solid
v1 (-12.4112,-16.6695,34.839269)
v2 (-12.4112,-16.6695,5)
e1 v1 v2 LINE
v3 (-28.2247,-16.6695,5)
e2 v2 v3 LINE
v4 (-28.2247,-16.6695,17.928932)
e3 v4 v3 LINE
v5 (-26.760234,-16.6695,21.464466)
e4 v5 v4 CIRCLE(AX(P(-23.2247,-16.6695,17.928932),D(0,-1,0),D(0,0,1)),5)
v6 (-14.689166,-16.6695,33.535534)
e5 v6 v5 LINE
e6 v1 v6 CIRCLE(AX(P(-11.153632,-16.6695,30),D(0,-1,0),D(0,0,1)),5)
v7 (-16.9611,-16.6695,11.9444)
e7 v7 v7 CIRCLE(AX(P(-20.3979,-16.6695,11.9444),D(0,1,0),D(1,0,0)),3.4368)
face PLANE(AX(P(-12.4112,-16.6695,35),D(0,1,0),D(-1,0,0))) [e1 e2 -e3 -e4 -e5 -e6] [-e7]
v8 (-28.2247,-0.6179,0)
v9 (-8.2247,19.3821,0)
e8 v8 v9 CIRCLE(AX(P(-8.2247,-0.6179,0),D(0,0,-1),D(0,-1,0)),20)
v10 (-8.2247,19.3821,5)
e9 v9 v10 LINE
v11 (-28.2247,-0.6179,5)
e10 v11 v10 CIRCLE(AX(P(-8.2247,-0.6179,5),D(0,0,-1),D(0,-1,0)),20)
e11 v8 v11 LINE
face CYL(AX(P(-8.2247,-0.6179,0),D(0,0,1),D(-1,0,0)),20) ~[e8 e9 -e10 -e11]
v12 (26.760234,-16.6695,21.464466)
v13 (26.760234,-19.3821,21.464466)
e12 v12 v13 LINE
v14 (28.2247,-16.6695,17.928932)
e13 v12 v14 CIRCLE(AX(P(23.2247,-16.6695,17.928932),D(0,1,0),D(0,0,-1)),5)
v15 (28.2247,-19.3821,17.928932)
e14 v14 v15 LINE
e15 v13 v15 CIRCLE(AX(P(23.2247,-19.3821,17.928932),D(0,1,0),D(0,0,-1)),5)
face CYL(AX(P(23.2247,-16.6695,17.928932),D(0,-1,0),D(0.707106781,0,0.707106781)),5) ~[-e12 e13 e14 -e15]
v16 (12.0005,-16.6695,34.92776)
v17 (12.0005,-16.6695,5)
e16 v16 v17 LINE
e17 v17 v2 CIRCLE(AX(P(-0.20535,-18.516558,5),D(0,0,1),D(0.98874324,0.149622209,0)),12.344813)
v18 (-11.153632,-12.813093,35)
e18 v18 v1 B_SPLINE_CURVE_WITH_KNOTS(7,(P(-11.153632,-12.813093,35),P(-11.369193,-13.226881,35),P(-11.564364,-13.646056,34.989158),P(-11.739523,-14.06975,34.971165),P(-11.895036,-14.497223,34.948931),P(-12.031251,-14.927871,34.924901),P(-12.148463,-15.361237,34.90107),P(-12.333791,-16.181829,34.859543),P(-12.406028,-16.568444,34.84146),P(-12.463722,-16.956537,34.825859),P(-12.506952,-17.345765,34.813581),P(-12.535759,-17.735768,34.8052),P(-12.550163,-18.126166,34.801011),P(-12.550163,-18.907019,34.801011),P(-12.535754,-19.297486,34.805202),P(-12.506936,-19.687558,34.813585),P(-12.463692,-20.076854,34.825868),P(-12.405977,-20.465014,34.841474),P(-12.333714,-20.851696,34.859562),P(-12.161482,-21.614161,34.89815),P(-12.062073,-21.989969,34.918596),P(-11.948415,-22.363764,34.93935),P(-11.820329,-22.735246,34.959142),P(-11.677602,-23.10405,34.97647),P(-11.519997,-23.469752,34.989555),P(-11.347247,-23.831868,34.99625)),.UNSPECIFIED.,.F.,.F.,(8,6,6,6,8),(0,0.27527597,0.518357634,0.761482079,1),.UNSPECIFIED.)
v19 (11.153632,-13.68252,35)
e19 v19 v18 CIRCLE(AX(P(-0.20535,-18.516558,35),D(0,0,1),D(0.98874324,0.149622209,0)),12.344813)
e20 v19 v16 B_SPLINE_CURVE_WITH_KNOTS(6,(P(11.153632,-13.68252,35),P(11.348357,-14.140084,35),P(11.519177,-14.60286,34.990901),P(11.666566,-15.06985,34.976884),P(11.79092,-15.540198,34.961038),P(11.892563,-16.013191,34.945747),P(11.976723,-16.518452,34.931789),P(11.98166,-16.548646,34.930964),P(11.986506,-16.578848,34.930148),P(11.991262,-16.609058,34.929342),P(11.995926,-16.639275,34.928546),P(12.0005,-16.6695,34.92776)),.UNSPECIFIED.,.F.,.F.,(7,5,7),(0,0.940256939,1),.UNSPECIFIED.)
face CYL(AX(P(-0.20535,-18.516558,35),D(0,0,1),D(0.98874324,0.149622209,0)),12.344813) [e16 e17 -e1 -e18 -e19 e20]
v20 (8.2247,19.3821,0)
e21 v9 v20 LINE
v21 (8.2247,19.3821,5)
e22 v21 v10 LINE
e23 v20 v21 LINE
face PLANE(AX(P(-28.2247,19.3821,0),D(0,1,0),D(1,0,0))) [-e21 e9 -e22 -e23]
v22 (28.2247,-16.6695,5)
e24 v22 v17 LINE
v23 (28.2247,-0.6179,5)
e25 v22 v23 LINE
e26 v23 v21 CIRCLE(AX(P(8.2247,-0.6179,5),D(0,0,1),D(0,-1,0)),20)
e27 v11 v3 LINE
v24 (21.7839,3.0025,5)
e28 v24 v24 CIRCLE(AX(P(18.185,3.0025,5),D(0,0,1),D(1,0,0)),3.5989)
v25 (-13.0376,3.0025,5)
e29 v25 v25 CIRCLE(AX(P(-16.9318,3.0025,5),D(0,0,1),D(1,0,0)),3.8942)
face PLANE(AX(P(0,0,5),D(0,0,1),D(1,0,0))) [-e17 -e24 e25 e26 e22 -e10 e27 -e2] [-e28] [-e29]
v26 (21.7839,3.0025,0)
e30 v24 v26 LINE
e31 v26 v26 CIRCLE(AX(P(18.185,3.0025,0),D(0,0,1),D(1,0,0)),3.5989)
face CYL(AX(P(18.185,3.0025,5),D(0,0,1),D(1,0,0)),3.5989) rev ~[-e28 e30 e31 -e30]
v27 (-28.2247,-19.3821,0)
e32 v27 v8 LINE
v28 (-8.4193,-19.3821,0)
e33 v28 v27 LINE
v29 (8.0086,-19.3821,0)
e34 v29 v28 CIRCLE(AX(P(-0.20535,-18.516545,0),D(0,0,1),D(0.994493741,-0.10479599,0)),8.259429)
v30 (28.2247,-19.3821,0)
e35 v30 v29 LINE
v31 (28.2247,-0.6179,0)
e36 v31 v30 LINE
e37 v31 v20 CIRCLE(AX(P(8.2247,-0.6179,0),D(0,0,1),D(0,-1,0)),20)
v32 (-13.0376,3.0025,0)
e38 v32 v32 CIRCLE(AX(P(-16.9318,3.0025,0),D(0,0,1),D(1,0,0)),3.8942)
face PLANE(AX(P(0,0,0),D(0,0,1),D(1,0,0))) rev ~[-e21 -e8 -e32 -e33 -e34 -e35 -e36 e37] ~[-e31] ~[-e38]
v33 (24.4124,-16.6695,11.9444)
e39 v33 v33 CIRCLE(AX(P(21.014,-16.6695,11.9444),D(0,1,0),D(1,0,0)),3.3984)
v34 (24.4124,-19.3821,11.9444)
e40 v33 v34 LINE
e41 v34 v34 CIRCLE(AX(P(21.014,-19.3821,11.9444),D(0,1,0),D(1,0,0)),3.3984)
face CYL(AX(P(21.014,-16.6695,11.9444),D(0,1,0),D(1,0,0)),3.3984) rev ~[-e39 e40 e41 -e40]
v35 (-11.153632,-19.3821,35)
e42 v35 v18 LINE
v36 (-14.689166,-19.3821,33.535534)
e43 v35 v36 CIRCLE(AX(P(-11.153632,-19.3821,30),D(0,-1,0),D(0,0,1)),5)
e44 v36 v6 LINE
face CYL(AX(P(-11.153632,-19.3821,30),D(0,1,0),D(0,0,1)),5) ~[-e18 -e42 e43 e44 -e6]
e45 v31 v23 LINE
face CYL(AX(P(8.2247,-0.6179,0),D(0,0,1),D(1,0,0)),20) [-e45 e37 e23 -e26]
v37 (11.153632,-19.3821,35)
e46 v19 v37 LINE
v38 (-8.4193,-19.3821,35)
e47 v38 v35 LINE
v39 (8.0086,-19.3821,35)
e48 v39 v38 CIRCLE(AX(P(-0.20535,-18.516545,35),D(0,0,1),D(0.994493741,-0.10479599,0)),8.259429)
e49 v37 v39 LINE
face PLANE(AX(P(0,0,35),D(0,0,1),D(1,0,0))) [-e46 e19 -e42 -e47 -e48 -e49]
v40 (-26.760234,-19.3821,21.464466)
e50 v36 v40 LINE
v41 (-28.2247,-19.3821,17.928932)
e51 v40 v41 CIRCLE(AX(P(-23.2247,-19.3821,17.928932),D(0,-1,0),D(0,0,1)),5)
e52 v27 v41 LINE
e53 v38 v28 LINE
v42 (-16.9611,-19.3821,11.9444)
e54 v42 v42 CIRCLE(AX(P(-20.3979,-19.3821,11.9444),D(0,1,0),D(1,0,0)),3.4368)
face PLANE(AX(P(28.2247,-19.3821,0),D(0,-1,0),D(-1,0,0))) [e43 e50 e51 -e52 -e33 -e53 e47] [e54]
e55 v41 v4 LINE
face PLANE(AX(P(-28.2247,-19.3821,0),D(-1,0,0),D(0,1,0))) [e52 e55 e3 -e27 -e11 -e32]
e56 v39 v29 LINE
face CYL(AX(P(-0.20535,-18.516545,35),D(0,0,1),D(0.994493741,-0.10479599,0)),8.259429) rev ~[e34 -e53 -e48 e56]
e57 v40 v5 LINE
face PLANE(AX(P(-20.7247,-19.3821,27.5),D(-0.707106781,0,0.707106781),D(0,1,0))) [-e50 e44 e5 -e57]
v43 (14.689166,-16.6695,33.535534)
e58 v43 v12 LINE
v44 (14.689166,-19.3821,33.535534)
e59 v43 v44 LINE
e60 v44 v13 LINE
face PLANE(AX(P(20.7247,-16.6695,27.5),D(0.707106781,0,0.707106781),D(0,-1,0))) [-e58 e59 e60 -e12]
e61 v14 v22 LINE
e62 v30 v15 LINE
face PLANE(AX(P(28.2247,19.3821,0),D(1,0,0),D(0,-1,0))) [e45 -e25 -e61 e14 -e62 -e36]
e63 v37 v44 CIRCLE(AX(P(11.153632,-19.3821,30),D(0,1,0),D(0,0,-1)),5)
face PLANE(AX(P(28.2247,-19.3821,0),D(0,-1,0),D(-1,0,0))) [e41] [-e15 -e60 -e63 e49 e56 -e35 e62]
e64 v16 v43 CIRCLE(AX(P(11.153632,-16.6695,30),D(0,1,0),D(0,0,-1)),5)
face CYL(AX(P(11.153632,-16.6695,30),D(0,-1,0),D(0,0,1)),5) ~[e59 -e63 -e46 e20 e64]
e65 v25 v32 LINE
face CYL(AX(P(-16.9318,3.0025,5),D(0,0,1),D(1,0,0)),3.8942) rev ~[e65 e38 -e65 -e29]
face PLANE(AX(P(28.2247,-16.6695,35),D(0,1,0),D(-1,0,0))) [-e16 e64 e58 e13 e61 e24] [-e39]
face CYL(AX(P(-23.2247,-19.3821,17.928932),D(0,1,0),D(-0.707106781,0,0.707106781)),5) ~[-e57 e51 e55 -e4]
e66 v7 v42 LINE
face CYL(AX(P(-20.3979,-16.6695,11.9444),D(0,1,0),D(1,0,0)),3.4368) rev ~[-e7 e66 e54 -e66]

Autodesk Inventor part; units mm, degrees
ref_plane "YZ Plane" through (0, 0, 0) normal (1, 0, 0) x (0, 1, 0)
ref_plane "XZ Plane" through (0, 0, 0) normal (0, 1, 0) x (-1, 0, 0)
ref_plane "XY Plane" through (0, 0, 0) normal (0, 0, 1) x (1, 0, 0)
sketch "스케치1" plane through (0, 0, 0) normal (0, 0, 1) x (1, 0, 0)
  line L0 (28.2247, -19.3821) -> (-28.2247, -19.3821)
  line L1 (-28.2247, -19.3821) -> (-28.2247, 19.3821)
  line L2 (-28.2247, 19.3821) -> (28.2247, 19.3821)
  line L3 (28.2247, 19.3821) -> (28.2247, -19.3821)
  line L4 (28.2247, -19.3821) -> (-28.2247, 19.3821) construction
  line L5 (-28.2247, -19.3821) -> (28.2247, 19.3821) construction
  point P0 (0, 0)
extrude "돌출1" add sketch "스케치1" along normal blind 35
sketch "스케치2" plane through (0, 0, 35) normal (0, 0, 1) x (1, 0, 0)
  line L0 (-28.2247, -19.3821) -> (28.2247, -19.3821) projected
  arc A0 (8.0086, -19.3821) -> (-8.4193, -19.3821) centre (-0.2053, -18.5165) ccw
  arc A1 (12.0005, -16.6695) -> (-12.4112, -16.6695) centre (-0.2053, -18.5165) ccw
  line L1 (28.2247, -19.3821) -> (28.2247, 19.3821) projected
  line L2 (28.2247, -16.6695) -> (12.0005, -16.6695)
  line L3 (-12.4112, -16.6695) -> (-28.2247, -16.6695)
  line L4 (28.2247, -16.6695) -> (28.2247, 19.3821)
  line L5 (28.2247, 19.3821) -> (-28.2247, 19.3821) projected
  line L6 (-28.2247, 19.3821) -> (-28.2247, -16.6695)
  point P0 (0, 0)
extrude "돌출2" cut sketch "스케치2" against normal blind 30 contours L2 A1 L3 L6 L5 L1
extrude "돌출3" cut sketch "스케치2" against normal blind 35 contours A0 L0
sketch "스케치3" plane through (-28.2247, -16.6695, 35) normal (0, 1, 0) x (1, 0, 0)
  circle A0 centre (7.8268, 23.0556) radius 3.4368
  circle A1 centre (49.2387, 23.0556) radius 3.3984
  point P0 (28.2247, 35)
extrude "돌출4" cut sketch "스케치3" against normal blind 35
chamfer "모따기1" distance 15 angle 45 1 edges at (-28.2247, -18.0258, 35)
chamfer "모따기2" distance 15 angle 45 1 edges at (28.2247, -18.0258, 35)
fillet "모깎기1" radius 5 4 edges at (28.2247, -18.0258, 20) (13.2247, -18.0258, 35) (-13.2247, -18.0258, 35) (-28.2247, -18.0258, 20)
sketch "스케치4" plane through (0, 0, 5) normal (0, 0, 1) x (1, 0, 0)
  circle A0 centre (18.185, 3.0025) radius 3.5989
  circle A1 centre (-16.9318, 3.0025) radius 3.8942
  line L0 (-28.2247, 19.3821) -> (28.2247, 19.3821) projected
  arc A2 (-10.8118, 19.3821) -> (-28.2247, -16.6695) centre (16.7776, -16.1746) ccw
  line L1 (28.2247, 19.3821) -> (28.2247, -19.3821) projected
  arc A3 (28.2247, -16.6695) -> (8.7119, 19.3821) centre (-7.9765, -12.9568) ccw
  line L2 (-28.2247, -16.6695) -> (-28.2247, 19.3821) projected
  line L3 (-28.2247, -16.6695) -> (-28.2247, 19.3821)
  line L4 (-28.2247, 19.3821) -> (-10.8118, 19.3821)
  line L5 (8.7119, 19.3821) -> (28.2247, 19.3821)
  point P0 (0, 0)
extrude "돌출5" cut sketch "스케치4" against normal blind 35 contours A0 | A1
sketch "스케치5" plane through (0, 0, 0) normal (0, 0, -1) x (-1, 0, 0)
  point P0 (0, 0)
fillet "모깎기2" radius 20 2 edges at (28.2247, 19.3821, 2.5) (-28.2247, 19.3821, 2.5)
properties part number "240516_3Dsketch02"
